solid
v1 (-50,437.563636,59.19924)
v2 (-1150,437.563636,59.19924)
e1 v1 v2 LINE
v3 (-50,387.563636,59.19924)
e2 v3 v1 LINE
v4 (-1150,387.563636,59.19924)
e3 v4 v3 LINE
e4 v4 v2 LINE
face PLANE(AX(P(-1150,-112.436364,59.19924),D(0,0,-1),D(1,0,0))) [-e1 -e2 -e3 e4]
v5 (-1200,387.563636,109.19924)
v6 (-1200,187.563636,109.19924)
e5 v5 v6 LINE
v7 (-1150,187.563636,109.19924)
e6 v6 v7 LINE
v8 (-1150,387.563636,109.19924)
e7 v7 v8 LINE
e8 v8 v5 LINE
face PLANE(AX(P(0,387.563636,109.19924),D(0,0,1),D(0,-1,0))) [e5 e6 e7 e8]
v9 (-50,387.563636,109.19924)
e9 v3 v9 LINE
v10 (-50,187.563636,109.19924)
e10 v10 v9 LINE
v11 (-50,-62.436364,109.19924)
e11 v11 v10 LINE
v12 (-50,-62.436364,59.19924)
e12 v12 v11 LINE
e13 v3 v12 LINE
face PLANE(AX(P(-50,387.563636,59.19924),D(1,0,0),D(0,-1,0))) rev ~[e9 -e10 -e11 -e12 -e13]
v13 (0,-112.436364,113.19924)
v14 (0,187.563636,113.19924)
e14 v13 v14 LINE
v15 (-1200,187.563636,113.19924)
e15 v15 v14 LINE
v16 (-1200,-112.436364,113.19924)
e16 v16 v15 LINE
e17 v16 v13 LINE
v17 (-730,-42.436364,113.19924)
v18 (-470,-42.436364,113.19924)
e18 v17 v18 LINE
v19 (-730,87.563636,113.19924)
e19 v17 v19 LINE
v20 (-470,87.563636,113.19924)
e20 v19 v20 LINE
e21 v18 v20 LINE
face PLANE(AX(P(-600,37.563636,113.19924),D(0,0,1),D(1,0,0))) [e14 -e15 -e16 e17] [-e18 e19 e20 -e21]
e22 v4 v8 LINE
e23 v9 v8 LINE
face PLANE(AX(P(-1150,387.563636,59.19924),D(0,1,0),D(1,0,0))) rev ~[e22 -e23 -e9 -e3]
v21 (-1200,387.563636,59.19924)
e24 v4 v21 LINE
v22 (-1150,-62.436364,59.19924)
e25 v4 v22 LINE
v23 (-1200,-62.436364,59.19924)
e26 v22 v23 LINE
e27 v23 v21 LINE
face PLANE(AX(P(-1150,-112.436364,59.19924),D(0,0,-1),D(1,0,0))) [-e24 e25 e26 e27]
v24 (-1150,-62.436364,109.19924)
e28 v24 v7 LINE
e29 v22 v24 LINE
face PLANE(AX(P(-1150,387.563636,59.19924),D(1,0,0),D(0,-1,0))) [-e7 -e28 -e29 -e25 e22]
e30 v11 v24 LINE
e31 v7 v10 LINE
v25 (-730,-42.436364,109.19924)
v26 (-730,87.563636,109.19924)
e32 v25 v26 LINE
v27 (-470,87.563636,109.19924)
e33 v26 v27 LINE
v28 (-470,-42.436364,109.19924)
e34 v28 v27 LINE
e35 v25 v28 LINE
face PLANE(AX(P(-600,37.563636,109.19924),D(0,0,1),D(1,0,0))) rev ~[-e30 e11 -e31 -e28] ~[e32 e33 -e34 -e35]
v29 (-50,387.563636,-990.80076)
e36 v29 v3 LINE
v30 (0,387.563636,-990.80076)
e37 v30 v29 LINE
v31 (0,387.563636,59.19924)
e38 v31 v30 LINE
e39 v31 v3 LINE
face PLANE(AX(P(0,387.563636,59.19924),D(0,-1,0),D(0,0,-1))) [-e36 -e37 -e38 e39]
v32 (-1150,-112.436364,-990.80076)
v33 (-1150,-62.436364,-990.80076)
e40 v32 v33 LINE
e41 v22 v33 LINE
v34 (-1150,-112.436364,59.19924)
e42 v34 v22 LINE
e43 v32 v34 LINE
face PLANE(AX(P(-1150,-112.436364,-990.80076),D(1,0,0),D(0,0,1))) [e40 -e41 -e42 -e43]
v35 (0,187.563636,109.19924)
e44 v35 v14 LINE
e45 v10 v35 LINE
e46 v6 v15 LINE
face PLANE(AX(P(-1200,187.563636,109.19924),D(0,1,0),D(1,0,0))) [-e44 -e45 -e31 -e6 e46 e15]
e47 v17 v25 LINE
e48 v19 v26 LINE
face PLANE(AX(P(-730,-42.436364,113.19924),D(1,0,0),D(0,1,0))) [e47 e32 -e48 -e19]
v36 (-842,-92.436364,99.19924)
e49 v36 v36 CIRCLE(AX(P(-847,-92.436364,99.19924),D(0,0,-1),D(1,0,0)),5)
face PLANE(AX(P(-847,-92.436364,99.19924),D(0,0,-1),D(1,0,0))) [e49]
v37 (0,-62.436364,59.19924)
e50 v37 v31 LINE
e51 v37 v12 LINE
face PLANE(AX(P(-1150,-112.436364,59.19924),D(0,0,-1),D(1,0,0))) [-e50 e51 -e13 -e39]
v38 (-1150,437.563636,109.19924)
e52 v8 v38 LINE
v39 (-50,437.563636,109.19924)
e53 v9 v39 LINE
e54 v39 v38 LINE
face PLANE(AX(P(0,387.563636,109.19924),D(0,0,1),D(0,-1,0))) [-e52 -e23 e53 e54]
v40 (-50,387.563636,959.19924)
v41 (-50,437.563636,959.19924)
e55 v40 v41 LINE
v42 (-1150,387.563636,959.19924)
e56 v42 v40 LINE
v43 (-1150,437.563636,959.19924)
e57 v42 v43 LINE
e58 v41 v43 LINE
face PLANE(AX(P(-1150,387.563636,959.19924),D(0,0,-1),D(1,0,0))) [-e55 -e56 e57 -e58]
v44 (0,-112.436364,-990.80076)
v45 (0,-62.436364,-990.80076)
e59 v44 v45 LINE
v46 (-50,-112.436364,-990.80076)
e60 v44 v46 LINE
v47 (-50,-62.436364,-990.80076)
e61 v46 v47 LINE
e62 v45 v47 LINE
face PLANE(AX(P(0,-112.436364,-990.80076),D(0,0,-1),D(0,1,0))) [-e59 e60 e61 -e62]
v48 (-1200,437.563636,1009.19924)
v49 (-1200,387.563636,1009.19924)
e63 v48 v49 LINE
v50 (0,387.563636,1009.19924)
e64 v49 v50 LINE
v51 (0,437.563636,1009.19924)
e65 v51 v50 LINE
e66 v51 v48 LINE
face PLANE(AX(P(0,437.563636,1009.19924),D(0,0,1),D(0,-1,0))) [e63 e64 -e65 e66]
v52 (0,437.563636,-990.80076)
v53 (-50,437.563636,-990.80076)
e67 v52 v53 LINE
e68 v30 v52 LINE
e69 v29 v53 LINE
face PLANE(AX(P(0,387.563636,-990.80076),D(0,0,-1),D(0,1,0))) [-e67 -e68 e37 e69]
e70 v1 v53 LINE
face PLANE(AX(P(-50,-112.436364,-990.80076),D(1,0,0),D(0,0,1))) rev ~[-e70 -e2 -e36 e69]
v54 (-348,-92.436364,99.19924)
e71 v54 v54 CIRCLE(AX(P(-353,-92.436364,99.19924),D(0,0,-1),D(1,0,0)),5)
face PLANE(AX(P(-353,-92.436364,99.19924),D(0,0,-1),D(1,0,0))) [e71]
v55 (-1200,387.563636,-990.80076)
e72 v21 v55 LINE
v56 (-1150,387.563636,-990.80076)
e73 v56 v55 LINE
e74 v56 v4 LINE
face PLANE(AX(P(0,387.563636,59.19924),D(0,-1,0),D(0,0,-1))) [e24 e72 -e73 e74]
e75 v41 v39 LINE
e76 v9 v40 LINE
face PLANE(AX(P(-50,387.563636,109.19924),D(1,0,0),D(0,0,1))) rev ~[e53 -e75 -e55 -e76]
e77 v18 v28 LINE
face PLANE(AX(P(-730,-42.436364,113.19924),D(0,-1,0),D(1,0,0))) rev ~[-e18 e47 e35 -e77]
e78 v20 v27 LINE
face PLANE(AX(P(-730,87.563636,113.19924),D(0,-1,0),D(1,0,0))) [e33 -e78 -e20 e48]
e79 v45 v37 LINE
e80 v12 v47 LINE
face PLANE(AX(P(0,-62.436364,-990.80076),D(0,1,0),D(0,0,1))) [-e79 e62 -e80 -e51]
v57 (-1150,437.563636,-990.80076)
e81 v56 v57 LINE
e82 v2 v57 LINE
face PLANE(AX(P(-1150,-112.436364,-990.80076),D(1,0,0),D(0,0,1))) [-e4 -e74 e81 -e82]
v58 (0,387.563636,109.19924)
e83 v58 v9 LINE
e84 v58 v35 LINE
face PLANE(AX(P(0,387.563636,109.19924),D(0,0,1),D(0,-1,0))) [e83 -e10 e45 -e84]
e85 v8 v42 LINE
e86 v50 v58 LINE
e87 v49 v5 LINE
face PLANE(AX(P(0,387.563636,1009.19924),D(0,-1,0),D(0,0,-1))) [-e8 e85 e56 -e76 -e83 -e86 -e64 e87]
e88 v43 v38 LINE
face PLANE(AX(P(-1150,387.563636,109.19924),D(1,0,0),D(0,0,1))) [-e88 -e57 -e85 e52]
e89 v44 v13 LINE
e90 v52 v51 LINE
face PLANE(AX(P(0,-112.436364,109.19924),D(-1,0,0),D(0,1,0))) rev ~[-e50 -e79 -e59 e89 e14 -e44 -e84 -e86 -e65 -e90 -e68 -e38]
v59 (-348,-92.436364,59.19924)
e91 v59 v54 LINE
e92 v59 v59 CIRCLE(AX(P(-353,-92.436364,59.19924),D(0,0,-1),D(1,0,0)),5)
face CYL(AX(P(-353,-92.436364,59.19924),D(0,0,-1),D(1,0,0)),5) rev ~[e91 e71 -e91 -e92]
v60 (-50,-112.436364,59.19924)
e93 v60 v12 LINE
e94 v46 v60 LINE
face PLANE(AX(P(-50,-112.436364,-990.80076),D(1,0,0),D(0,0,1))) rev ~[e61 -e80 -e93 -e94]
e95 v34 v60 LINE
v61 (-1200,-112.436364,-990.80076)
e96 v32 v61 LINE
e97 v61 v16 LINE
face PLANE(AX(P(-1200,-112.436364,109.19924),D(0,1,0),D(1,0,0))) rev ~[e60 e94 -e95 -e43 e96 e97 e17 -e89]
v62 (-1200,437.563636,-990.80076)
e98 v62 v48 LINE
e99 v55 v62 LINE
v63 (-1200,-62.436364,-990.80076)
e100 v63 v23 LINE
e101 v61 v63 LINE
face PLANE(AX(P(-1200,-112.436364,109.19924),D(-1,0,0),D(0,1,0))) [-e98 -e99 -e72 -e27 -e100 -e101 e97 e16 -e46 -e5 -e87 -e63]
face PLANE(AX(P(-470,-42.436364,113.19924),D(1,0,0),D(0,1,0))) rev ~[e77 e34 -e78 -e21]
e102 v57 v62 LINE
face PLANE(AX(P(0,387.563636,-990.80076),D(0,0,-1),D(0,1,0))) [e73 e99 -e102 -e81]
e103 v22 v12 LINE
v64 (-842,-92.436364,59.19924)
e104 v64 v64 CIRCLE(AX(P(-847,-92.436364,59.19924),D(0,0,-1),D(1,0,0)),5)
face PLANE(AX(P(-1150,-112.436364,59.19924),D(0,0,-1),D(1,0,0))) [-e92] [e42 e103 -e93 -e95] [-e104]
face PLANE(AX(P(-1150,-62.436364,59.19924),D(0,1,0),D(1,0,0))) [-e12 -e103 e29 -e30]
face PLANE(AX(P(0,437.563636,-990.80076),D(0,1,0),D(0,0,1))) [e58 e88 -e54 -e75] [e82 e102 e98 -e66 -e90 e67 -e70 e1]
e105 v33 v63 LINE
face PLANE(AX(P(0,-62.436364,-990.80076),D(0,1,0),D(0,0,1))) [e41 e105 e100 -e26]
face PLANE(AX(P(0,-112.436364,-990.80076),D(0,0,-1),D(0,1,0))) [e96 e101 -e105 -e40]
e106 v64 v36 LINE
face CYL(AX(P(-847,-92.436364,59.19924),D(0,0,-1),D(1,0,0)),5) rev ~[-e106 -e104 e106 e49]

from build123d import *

# Parameters (mm, degrees)
F1_DEPTH  = 1200
F2_W      = 1100
F2_H      = 1050
F3_DEPTH  = 550.001
F4_W      = 1100
F4_H      = 850
F5_DEPTH  = 50.001
F6_R      = 5
F7_DEPTH  = 40
F8_W      = 1100
F8_H      = 450
F9_DEPTH  = 950.001
F10_W     = 1200
F10_H     = 300
F11_DEPTH = 4
F12_W     = 260
F12_H     = 130
F13_DEPTH = 4


with BuildPart() as f1:
    # F0 (on Right) → F1 (new body)
    with BuildSketch(Plane.YZ):
        Polygon((-112.436364, 109.19924), (-112.436364, -990.80076), (-62.436364, -990.80076), (-62.436364, 59.19924), (387.563636, 59.19924), (387.563636, -990.80076), (437.563636, -990.80076), (437.563636, 1009.19924), (387.563636, 1009.19924), (387.563636, 109.19924), align=None)
    extrude(amount=-F1_DEPTH)

    # F2 (on face) → F3 (cut, through all)
    with BuildSketch(Plane.XZ.offset(112.436364)):
        with Locations((-600, -465.80076)):
            Rectangle(F2_W, F2_H)
    extrude(amount=-F3_DEPTH, mode=Mode.SUBTRACT)

    # F4 (on face) → F5 (cut, through all)
    with BuildSketch(Plane.XZ.offset(-387.563636)):
        with Locations((-600, 534.19924)):
            Rectangle(F4_W, F4_H)
    extrude(amount=-F5_DEPTH, mode=Mode.SUBTRACT)

    # F6 (on face) → F7 (cut)
    with BuildSketch(Plane(origin=(0, 0, 59.19924), x_dir=(1, 0, 0), z_dir=(0, 0, -1))):
        with Locations((-847, 92.436364)):
            Circle(F6_R)
        with Locations((-353, 92.436364)):
            Circle(F6_R)
    extrude(amount=-F7_DEPTH, mode=Mode.SUBTRACT)

    # F8 (on face) → F9 (cut, through all)
    with BuildSketch(Plane(origin=(0, 0, 59.19924), x_dir=(1, 0, 0), z_dir=(0, 0, -1))):
        with Locations((-600, -162.563636)):
            Rectangle(F8_W, F8_H)
    extrude(amount=-F9_DEPTH, mode=Mode.SUBTRACT)

    # F10 (on face) → F11 (join)
    with BuildSketch(Plane.XY.offset(109.19924)):
        with Locations((-600, 37.563636)):
            Rectangle(F10_W, F10_H)
    extrude(amount=F11_DEPTH)

    # F12 (on face) → F13 (cut)
    with BuildSketch(Plane.XY.offset(113.19924)):
        with Locations((-600, 22.563636)):
            Rectangle(F12_W, F12_H)
    extrude(amount=-F13_DEPTH, mode=Mode.SUBTRACT)


solid = f1.part
